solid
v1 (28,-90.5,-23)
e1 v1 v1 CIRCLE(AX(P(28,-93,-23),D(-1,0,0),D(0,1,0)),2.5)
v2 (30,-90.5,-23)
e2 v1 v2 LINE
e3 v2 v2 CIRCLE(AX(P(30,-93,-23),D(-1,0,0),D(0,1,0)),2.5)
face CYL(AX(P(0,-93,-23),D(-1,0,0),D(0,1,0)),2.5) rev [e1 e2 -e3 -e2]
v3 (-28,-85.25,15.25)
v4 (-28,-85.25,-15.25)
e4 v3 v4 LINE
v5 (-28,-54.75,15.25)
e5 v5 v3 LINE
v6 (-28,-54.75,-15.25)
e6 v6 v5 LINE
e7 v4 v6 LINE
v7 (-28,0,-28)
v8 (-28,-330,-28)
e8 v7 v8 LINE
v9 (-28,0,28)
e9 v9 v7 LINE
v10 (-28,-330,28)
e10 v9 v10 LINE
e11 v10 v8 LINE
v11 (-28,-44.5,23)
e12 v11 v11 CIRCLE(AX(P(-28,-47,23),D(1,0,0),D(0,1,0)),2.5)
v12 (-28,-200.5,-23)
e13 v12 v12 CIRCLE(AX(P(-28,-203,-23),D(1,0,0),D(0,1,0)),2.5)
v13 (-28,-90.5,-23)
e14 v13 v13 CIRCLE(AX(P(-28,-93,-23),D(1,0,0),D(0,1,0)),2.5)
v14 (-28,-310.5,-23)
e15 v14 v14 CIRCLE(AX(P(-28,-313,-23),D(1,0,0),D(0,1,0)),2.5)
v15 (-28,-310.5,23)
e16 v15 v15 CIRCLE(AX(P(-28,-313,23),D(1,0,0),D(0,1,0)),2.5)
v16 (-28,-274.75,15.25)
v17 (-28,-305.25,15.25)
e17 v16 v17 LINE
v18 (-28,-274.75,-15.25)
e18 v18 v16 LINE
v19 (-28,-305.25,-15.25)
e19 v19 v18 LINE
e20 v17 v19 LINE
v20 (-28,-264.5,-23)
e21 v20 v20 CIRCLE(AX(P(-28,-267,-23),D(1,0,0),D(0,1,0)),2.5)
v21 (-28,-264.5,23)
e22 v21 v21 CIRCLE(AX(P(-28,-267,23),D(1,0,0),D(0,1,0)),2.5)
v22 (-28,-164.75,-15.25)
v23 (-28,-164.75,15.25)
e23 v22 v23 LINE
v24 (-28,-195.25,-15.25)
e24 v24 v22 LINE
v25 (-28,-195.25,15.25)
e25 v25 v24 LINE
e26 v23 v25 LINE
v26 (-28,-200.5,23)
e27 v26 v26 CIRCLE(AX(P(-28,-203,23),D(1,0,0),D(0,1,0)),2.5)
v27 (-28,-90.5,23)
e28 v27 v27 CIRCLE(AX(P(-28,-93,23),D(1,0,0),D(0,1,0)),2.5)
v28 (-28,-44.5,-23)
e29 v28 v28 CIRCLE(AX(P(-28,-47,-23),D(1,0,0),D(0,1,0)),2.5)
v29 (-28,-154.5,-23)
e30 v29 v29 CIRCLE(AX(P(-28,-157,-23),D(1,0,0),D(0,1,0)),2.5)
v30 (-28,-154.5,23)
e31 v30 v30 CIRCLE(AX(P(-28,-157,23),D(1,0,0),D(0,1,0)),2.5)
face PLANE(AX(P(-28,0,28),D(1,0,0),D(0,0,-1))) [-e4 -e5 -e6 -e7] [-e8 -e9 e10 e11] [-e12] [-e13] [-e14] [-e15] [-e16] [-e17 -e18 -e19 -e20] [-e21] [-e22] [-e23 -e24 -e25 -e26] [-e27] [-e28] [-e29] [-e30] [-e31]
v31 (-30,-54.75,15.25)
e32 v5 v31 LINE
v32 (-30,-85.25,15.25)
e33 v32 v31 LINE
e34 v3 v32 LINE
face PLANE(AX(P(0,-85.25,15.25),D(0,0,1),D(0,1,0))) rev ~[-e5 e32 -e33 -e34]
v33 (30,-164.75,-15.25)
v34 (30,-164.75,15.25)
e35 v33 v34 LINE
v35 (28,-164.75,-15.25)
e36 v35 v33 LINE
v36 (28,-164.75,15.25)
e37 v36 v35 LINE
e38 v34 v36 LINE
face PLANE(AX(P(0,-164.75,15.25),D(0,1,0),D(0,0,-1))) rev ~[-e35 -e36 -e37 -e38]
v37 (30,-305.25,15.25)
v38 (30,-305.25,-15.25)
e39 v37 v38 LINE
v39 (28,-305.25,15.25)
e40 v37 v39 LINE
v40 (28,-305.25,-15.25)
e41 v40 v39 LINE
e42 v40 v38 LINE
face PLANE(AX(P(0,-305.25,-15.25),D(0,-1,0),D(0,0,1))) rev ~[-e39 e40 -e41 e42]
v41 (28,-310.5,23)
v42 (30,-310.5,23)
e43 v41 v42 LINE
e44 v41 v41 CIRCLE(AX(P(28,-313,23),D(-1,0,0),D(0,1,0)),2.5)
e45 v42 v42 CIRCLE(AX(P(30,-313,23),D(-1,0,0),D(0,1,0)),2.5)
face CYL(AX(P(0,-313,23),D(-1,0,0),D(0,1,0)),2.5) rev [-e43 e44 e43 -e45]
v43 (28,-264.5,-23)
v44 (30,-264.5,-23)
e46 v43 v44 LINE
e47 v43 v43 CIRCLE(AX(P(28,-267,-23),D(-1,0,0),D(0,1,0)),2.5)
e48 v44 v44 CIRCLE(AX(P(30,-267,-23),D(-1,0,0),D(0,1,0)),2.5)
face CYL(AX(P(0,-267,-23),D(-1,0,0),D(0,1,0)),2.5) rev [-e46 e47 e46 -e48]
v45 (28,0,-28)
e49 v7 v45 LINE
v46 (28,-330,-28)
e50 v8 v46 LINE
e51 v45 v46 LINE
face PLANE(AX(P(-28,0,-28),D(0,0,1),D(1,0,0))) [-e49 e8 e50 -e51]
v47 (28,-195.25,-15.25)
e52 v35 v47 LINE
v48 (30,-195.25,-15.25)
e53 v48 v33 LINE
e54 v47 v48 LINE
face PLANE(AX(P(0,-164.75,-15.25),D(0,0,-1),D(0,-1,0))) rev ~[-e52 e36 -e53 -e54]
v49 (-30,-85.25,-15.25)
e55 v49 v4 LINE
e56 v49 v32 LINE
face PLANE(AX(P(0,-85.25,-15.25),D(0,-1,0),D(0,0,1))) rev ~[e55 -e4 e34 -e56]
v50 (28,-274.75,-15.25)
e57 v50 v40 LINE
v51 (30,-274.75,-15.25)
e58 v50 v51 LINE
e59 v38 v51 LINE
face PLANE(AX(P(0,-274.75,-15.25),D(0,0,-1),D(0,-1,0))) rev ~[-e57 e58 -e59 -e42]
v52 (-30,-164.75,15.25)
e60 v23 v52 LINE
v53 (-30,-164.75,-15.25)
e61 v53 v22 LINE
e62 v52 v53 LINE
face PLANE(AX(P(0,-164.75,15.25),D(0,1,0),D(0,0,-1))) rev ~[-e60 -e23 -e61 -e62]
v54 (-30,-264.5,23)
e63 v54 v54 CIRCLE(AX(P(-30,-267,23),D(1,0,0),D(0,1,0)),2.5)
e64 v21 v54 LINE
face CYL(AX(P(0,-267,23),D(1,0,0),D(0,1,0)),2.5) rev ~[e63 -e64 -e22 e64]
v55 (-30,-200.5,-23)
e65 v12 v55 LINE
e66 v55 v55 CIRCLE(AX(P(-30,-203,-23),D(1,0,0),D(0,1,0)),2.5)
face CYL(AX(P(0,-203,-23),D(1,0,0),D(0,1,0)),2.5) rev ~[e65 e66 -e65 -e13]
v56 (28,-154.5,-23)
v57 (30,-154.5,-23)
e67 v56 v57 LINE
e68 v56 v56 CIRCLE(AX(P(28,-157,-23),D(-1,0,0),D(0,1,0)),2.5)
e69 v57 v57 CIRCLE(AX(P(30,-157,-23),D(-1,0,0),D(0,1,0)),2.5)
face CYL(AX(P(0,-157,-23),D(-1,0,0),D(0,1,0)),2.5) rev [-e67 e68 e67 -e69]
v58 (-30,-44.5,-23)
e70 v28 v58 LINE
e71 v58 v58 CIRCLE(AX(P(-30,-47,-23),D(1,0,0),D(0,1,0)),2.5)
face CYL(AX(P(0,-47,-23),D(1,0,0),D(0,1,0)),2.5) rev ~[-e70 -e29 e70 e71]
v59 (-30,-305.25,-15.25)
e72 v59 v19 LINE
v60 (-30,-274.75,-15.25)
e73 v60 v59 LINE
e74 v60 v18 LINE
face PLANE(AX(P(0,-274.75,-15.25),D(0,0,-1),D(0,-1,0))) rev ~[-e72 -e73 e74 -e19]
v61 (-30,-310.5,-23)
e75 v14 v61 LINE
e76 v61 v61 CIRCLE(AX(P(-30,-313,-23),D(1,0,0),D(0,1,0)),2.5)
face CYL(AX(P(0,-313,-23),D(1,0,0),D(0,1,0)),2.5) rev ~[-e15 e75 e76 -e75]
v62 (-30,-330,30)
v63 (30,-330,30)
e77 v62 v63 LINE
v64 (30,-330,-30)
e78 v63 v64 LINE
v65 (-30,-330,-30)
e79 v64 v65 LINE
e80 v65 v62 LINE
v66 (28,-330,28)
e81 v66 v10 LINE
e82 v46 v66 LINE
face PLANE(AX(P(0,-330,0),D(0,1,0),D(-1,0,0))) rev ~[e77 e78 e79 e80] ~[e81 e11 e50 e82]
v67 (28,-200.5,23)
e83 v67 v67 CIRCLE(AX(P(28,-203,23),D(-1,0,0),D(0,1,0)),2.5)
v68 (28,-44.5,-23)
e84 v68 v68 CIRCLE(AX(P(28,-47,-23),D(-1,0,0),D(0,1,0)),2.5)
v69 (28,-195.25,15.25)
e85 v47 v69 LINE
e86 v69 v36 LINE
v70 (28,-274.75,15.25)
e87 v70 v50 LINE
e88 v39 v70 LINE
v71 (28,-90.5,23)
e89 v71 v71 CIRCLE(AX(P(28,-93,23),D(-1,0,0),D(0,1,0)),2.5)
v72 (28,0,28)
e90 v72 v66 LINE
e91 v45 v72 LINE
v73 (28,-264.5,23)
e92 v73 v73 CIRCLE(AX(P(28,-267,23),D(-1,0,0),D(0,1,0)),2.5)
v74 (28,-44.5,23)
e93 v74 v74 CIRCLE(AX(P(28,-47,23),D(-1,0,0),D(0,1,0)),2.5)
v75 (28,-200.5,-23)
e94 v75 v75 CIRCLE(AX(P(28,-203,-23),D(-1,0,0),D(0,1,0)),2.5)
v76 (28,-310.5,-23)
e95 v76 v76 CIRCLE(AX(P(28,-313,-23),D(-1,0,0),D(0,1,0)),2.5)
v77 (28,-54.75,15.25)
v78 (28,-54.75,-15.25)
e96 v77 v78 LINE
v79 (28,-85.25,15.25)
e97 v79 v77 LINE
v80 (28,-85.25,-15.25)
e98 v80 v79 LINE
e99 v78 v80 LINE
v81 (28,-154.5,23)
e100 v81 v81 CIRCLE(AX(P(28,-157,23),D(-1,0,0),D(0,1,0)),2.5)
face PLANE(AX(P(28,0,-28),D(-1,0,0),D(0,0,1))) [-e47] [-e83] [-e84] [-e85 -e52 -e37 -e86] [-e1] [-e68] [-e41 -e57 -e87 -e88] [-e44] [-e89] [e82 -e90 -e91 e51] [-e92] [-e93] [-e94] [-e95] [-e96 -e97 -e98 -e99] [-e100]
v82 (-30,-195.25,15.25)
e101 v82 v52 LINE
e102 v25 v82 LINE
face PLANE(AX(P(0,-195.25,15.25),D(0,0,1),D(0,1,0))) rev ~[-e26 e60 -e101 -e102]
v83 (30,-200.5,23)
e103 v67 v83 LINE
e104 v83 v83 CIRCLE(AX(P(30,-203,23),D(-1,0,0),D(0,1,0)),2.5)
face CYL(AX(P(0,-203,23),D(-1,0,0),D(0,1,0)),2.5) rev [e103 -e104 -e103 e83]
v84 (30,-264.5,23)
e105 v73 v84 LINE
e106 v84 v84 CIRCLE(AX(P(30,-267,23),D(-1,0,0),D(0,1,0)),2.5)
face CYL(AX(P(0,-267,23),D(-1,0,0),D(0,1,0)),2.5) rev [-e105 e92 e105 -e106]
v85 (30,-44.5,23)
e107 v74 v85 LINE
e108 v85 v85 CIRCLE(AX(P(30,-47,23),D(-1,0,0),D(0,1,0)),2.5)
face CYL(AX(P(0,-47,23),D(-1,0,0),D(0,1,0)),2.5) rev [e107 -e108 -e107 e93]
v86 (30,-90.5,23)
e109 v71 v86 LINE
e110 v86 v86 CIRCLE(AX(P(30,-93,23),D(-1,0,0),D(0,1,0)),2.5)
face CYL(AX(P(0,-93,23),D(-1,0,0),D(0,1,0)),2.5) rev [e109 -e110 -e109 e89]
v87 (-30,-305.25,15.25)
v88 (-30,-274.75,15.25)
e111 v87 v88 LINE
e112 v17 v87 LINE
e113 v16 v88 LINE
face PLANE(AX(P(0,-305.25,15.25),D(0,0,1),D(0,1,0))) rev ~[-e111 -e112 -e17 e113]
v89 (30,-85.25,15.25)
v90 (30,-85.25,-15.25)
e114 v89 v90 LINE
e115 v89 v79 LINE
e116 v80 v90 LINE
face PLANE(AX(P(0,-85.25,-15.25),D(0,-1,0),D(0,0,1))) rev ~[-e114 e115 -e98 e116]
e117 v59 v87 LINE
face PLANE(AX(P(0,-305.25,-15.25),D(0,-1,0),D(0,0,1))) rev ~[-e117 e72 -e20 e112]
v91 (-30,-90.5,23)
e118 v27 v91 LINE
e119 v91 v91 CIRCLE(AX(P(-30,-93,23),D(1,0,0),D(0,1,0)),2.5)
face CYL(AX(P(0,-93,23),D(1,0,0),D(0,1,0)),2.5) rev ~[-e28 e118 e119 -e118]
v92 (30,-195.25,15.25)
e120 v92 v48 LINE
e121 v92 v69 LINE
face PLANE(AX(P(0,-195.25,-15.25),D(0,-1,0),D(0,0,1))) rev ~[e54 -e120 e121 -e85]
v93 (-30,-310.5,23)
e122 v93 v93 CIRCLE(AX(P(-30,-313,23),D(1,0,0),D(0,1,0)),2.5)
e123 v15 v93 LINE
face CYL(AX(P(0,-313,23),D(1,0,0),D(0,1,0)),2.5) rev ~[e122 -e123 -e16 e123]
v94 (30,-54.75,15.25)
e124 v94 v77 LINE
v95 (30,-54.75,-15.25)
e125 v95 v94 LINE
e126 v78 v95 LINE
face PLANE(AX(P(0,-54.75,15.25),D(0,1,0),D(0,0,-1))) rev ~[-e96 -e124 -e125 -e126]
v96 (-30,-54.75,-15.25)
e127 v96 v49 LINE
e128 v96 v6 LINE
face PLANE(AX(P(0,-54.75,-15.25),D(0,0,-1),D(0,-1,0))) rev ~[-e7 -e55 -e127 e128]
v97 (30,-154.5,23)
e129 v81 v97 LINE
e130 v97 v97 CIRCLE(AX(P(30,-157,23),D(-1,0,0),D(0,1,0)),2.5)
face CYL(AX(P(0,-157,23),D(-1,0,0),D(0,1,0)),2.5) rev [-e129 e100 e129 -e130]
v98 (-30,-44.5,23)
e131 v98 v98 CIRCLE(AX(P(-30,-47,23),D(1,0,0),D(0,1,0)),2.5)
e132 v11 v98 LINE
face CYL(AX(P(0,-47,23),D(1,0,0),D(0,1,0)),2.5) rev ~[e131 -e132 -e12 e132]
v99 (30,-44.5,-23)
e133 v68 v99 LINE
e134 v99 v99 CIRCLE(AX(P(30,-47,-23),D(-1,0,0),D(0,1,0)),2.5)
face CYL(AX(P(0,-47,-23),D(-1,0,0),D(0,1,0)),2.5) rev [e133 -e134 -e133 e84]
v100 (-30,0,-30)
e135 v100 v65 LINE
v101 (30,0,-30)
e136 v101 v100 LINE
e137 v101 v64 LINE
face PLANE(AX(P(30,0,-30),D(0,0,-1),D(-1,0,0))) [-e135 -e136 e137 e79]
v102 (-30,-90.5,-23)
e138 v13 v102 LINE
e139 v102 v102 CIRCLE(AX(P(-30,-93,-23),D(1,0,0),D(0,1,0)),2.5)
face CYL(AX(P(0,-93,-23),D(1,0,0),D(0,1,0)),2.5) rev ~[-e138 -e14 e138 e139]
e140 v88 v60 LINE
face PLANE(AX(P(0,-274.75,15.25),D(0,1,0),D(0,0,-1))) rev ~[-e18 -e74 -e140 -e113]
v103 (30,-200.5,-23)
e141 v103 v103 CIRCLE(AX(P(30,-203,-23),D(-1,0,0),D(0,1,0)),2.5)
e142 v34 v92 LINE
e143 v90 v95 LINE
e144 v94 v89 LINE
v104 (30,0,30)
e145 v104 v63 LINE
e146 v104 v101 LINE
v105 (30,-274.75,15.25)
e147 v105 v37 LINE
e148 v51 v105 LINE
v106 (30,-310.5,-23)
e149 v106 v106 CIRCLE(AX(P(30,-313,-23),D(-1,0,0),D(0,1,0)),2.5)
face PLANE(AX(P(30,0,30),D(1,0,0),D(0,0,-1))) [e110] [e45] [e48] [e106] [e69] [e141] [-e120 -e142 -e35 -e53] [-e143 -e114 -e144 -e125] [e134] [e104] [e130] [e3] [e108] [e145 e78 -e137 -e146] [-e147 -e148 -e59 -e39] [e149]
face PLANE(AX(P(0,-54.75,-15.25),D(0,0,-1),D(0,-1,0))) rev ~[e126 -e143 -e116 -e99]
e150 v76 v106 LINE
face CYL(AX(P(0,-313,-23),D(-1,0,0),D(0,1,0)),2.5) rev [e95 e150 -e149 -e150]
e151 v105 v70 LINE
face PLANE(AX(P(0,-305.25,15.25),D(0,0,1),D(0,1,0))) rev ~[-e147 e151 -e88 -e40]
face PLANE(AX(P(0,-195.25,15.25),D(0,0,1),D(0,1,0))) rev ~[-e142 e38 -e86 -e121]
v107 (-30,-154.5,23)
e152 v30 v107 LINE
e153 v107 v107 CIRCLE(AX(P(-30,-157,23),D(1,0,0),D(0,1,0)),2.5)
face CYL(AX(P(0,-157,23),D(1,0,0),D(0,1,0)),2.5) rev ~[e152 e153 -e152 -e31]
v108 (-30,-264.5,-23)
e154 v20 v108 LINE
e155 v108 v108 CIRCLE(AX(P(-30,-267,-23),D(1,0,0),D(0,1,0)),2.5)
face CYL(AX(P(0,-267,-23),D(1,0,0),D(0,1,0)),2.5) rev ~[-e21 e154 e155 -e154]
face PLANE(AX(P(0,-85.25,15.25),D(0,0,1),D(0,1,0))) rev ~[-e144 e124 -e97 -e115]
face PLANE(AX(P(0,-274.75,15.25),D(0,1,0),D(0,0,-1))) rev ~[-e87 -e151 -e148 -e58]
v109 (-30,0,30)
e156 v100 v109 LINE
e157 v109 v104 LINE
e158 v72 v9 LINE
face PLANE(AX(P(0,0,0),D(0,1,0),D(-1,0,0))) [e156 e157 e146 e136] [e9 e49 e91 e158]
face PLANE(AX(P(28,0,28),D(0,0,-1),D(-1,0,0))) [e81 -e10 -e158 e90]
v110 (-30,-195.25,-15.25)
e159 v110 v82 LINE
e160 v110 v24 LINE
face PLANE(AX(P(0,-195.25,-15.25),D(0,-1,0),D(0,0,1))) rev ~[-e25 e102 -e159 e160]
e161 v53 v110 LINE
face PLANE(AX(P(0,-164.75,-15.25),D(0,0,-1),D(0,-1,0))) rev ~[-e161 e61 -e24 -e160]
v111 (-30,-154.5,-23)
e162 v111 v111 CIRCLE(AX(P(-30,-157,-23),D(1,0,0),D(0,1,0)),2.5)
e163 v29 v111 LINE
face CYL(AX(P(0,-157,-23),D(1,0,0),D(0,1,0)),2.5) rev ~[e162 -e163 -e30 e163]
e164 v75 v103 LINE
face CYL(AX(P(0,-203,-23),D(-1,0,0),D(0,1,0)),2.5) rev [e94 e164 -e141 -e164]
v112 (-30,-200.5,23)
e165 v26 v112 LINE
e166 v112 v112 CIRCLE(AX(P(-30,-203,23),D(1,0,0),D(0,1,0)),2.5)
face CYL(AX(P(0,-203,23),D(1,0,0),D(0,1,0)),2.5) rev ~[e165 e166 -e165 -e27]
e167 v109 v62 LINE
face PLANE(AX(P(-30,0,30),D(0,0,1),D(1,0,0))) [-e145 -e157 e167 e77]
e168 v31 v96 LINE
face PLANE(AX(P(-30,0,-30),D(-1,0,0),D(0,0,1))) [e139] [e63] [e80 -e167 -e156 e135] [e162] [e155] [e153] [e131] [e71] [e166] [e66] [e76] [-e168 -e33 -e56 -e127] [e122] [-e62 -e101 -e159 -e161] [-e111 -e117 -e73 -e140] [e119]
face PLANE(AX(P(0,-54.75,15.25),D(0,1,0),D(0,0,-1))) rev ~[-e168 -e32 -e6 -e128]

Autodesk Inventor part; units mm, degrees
ref_plane "YZ Plane" through (0, 0, 0) normal (1, 0, 0) x (0, 1, 0)
ref_plane "XZ Plane" through (0, 0, 0) normal (0, 1, 0) x (-1, 0, 0)
ref_plane "XY Plane" through (0, 0, 0) normal (0, 0, 1) x (1, 0, 0)
sketch "Sketch9" plane through (0, 0, 0) normal (0, 1, 0) x (-1, 0, 0)
  line L0 (30, 30) -> (-30, 30)
  line L1 (-30, 30) -> (-30, -30)
  line L2 (-30, -30) -> (30, -30)
  line L3 (30, -30) -> (30, 30)
  line L4 (30, 30) -> (-30, -30) construction
  line L5 (-30, 30) -> (30, -30) construction
  line L6 (-28, 28) -> (28, 28)
  line L7 (28, 28) -> (28, -28)
  line L8 (28, -28) -> (-28, -28)
  line L9 (-28, -28) -> (-28, 28)
  point P0 (0, 0)
  dimension "d172" = 60
  dimension "d173" = 60
  dimension "d174" = 2
extrude "Extrusion3" add sketch "Sketch9" against normal blind 330
sketch "Sketch10" plane through (0, 0, 0) normal (1, 0, 0) x (0, 1, 0)
  line L0 (0, 30) -> (0, -30) construction
  line L1 (0, 30) -> (-330, 30) construction
  line L2 (-330, -30) -> (-330, 30) construction
  line L3 (0, -30) -> (-330, -30) construction
  line L4 (0, 0) -> (40, 0)
  line L5 (-85.25, -15.25) -> (-85.25, 15.25)
  line L6 (-85.25, 15.25) -> (-54.75, 15.25)
  line L7 (-54.75, 15.25) -> (-54.75, -15.25)
  line L8 (-54.75, -15.25) -> (-85.25, 15.25) construction
  line L9 (-85.25, -15.25) -> (-54.75, 15.25) construction
  circle A0 centre (-93, 23) radius 2.5
  circle A1 centre (-47, 23) radius 2.5
  line L10 (-85.25, -15.25) -> (-93, -23) construction
  circle A2 centre (-47, -23) radius 2.5
  circle A3 centre (-93, -23) radius 2.5
  circle A4 centre (-70, 0) radius 32.5269 construction
  line L11 (-54.75, -15.25) -> (-85.25, -15.25)
  line L12 (-44.5, -25.5) -> (-95.5, -25.5) construction
  line L13 (-95.5, -25.5) -> (-95.5, 25.5) construction
  line L14 (-95.5, 25.5) -> (-44.5, 25.5) construction
  line L15 (-44.5, 25.5) -> (-44.5, -25.5) construction
  line L16 (-44.5, -25.5) -> (-95.5, 25.5) construction
  line L17 (-95.5, -25.5) -> (-44.5, 25.5) construction
  line L18 (-70, 37.0891) -> (-70, 0) construction
  circle A5 centre (-93, 23) radius 10.9602 construction
  point P0 (-391.3995, 90.0207)
  point P1 (-386.6495, 165.0207)
  dimension "d191" = 21.9203
  dimension "d181" = 40
  dimension "d187" = 30.5
  dimension "d188" = 30.5
  dimension "d189" = 5
  dimension "d190" = 51
  dimension "d192" = 110
  dimension "d196" = 46
extrude "Extrusion4" cut sketch "Sketch10" along normal through all both and the other way through all
pattern_linear "Rectangular Pattern4" count 3 spacing 110 along (0, -1, 0) of "Extrusion4"
properties part number "PRS 1200-55 (fds) main way tube" material "Stainless Steel"
